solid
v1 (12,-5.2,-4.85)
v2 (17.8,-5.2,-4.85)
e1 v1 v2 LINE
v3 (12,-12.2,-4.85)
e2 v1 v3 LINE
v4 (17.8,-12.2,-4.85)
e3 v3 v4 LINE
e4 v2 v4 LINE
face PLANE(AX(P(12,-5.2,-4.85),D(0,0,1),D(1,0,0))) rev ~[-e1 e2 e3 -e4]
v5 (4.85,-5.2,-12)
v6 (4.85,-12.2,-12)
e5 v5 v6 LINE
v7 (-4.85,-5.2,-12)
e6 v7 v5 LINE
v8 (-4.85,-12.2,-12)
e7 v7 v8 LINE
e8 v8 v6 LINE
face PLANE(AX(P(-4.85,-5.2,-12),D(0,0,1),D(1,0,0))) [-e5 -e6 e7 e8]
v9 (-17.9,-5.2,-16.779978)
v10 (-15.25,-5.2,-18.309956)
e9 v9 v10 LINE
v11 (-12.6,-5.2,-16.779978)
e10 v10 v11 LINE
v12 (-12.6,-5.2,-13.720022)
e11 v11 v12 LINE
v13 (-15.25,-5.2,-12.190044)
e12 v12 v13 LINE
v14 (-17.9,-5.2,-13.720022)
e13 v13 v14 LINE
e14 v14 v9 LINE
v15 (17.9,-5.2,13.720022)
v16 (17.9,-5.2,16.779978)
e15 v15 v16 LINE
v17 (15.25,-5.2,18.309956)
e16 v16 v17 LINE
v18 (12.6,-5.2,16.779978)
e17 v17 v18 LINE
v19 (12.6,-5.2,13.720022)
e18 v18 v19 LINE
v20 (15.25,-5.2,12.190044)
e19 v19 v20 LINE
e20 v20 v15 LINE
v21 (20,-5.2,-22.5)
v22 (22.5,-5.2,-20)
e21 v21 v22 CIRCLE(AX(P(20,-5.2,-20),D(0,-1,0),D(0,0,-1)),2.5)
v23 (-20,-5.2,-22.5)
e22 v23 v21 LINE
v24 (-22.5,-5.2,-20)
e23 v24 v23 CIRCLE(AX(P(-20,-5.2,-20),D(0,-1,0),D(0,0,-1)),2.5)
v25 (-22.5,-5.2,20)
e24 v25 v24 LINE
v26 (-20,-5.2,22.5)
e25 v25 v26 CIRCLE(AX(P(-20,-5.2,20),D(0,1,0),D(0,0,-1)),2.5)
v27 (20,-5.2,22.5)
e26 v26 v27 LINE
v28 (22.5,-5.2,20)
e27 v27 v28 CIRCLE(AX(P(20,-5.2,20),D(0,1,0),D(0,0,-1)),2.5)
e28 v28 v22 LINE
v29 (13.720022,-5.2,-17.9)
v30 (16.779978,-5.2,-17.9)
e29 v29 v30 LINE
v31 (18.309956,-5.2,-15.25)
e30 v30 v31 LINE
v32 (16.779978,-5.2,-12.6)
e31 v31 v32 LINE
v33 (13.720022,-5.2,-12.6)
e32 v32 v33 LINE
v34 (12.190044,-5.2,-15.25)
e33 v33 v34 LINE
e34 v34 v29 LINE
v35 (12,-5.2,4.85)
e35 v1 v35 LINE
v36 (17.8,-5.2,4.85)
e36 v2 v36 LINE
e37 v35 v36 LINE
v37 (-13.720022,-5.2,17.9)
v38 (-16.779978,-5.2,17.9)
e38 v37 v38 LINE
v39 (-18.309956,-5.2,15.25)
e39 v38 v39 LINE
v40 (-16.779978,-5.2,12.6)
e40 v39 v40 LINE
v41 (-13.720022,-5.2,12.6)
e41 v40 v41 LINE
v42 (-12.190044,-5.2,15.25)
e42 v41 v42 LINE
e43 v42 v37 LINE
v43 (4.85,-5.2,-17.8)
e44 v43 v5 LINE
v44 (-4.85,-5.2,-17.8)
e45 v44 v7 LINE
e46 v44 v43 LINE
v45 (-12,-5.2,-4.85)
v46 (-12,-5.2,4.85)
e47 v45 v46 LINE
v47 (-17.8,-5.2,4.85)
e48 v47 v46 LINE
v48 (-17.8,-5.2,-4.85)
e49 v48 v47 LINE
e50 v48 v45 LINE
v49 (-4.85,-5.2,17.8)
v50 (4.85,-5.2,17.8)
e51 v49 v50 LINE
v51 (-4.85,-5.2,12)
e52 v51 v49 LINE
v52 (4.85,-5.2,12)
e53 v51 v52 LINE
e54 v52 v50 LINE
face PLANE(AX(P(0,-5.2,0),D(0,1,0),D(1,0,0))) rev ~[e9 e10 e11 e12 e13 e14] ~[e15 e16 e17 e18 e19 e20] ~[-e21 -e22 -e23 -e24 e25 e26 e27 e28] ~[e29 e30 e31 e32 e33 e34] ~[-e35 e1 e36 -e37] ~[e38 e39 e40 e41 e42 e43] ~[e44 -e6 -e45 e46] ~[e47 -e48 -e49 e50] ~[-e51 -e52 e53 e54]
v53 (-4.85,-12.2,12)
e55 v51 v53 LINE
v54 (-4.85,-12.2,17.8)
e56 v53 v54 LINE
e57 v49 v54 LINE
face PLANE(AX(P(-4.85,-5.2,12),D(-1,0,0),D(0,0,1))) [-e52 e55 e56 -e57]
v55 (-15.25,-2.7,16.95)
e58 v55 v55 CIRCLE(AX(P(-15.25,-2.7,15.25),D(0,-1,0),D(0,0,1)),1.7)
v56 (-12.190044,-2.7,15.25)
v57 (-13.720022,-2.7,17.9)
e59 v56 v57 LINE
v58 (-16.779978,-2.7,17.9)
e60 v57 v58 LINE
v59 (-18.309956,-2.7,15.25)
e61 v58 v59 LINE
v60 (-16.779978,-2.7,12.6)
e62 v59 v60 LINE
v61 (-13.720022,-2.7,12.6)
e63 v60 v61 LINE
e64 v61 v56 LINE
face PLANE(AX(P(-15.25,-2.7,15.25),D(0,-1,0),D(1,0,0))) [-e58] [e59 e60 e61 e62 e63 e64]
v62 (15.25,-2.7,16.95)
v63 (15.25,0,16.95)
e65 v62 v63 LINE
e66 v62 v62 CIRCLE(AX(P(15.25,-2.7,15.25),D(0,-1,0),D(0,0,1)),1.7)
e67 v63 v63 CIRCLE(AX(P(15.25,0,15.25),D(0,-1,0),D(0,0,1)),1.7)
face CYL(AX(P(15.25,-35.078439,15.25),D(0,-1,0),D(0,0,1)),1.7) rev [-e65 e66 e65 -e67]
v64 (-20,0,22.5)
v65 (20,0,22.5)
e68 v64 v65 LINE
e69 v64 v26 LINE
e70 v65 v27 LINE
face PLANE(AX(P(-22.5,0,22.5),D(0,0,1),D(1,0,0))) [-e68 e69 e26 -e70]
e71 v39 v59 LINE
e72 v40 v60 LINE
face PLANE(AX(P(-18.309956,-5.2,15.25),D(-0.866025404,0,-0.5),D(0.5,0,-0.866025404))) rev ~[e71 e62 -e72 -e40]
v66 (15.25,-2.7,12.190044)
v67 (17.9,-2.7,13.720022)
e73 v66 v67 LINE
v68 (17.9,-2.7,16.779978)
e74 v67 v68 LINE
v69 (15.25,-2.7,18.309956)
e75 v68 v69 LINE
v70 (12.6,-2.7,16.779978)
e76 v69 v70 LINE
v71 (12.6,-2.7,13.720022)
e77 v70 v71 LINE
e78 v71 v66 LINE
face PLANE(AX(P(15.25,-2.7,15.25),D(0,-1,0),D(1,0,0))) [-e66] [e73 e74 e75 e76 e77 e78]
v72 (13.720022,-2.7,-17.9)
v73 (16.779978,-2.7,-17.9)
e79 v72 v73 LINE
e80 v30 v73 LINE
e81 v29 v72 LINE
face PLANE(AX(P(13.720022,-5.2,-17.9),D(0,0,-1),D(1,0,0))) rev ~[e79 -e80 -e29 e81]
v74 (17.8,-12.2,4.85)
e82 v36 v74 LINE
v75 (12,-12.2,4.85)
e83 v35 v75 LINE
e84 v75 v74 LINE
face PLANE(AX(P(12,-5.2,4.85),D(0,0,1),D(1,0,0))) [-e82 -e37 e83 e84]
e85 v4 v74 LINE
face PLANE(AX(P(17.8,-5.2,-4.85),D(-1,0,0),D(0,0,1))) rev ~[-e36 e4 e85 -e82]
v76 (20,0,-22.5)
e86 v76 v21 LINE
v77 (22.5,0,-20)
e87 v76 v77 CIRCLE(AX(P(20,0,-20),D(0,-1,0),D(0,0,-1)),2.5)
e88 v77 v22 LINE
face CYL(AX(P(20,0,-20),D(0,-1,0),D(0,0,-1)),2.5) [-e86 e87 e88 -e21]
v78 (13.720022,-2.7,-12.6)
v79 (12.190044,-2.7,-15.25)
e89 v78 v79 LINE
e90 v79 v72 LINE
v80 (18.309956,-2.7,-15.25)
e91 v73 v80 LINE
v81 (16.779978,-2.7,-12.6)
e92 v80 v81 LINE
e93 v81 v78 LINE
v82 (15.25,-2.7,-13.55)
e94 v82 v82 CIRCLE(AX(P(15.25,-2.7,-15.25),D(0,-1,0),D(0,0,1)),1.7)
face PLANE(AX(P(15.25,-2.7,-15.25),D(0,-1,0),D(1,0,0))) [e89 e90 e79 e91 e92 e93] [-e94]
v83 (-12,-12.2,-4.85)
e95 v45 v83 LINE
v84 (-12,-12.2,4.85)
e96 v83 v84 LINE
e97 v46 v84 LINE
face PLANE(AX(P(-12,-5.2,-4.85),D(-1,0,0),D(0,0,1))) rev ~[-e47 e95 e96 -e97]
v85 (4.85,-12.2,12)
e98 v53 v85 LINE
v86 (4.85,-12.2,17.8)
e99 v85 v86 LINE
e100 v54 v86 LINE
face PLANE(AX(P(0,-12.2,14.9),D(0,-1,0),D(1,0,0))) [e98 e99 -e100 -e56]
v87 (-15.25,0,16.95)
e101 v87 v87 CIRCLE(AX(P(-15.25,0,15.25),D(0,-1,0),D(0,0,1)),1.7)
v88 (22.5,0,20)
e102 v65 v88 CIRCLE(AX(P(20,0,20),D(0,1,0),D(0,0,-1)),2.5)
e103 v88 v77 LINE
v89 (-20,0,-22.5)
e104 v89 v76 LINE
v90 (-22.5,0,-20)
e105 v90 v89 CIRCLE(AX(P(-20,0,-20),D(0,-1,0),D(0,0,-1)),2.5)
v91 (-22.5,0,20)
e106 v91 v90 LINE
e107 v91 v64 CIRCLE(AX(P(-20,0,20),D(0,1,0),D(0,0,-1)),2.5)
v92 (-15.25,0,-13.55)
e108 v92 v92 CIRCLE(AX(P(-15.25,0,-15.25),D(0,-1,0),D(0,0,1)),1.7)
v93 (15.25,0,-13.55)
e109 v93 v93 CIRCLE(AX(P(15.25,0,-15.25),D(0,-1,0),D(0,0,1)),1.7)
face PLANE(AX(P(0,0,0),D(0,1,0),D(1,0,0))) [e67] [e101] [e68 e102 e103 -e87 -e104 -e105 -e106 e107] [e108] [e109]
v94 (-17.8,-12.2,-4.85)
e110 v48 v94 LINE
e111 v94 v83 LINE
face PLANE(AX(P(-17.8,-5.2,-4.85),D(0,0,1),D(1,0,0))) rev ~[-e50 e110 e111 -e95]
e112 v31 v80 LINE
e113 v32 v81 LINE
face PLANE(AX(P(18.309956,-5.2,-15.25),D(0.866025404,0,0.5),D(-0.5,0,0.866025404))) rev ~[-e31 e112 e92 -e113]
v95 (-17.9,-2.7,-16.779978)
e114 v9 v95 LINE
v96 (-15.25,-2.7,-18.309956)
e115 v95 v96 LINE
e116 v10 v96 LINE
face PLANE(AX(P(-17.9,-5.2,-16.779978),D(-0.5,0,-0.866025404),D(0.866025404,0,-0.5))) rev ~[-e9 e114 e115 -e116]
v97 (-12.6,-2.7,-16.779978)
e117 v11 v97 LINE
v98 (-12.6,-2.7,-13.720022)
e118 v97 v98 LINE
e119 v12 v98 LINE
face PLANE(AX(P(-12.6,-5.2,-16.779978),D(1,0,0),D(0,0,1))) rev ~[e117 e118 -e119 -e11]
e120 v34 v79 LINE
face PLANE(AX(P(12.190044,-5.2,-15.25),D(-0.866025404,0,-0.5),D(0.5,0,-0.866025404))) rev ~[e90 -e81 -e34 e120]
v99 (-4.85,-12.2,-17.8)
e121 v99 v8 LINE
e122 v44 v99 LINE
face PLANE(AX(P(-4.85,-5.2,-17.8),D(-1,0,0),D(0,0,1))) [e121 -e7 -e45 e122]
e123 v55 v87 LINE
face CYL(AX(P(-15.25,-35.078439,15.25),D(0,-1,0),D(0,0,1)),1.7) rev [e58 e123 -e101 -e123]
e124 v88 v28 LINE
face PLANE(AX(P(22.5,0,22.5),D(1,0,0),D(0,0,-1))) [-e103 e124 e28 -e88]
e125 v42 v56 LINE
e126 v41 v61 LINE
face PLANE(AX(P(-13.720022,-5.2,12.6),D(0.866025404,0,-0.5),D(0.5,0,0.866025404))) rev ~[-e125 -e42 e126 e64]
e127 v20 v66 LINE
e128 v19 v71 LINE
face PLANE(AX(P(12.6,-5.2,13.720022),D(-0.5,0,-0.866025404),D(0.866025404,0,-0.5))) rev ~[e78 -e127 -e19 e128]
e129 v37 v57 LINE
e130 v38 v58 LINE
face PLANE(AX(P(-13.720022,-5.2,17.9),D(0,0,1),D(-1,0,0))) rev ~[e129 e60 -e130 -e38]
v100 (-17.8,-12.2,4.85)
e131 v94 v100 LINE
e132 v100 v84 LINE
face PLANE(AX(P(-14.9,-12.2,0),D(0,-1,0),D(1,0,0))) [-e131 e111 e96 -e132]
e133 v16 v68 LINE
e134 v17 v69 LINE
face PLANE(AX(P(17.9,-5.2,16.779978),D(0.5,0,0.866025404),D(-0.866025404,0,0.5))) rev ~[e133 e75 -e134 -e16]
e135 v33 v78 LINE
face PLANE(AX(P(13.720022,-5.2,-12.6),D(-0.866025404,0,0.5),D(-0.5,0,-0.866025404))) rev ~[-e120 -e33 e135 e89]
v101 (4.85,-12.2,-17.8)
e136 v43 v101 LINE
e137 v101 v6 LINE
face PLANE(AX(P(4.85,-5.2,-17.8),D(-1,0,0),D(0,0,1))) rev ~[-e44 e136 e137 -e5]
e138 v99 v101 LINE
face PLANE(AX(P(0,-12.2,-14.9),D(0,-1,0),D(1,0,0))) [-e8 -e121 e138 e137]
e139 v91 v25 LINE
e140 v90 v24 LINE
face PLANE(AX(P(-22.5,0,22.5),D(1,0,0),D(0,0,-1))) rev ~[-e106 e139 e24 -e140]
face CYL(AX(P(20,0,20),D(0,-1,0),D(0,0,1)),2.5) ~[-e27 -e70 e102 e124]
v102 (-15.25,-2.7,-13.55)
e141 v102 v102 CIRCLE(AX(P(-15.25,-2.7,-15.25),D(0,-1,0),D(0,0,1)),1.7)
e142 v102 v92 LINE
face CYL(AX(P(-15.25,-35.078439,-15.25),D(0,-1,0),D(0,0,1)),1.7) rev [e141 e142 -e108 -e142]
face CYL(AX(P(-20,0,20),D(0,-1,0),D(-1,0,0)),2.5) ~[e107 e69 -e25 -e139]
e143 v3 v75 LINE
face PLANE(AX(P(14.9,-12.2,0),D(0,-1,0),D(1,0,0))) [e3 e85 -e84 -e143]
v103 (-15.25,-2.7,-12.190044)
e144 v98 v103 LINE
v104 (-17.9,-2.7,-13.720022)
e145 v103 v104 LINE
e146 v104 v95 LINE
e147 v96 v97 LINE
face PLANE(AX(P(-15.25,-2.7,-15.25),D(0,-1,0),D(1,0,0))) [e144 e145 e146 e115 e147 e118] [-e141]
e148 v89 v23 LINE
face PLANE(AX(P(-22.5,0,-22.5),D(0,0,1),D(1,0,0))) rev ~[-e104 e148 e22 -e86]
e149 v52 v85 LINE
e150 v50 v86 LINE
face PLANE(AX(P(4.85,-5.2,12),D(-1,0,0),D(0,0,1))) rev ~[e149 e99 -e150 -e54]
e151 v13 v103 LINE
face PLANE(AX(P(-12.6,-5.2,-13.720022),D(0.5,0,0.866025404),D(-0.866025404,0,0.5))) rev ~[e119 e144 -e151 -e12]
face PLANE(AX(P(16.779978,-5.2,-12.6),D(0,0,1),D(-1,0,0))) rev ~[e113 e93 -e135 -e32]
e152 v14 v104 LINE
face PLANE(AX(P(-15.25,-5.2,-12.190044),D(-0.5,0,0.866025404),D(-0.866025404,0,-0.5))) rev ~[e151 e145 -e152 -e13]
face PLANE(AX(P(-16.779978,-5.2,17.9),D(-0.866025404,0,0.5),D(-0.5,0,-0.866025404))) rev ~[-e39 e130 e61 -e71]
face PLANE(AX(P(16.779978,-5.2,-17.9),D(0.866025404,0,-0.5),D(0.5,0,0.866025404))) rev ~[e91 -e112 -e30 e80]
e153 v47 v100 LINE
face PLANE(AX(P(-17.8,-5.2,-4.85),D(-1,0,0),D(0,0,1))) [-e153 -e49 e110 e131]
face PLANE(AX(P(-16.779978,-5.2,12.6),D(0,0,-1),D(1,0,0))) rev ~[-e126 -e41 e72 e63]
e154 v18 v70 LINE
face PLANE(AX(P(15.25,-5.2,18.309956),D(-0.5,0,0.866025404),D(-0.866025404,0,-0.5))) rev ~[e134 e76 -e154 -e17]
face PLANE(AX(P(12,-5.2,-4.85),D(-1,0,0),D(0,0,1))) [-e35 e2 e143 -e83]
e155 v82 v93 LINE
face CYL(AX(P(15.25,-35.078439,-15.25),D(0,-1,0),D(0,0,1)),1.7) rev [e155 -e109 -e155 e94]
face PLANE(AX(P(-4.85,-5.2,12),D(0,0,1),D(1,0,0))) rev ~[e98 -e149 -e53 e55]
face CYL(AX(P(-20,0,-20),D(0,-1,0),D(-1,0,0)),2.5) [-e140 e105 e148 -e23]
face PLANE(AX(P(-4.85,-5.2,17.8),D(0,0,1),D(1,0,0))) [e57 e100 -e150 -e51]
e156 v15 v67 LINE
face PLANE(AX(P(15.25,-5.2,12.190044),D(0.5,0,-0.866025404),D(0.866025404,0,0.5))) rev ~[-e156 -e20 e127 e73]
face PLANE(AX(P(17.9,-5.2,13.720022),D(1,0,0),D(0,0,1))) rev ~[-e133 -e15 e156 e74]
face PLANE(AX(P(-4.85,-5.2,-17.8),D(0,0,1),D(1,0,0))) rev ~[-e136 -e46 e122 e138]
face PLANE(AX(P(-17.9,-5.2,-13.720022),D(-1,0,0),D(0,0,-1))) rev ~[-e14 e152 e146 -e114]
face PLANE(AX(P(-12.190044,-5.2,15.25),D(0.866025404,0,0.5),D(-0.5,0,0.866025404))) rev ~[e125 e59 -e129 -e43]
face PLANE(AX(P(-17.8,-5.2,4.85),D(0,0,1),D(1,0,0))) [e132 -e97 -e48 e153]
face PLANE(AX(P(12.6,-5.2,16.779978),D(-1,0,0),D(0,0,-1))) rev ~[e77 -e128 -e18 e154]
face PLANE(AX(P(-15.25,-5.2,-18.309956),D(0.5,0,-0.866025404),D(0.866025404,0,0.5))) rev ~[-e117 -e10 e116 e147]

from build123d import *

# Parameters (mm, degrees)
SKETCH1_W               = 45
SKETCH1_H               = 45
BOSS_EXTRUDE1_DEPTH     = 5.2
SKETCH2_W               = 9.7
SKETCH2_H               = 5.8
SKETCH2_W_2             = 5.8
SKETCH2_H_2             = 9.7
BOSS_EXTRUDE2_DEPTH     = 7
CUT_EXTRUDE1_DEPTH      = 35.078438931
CUT_EXTRUDE1_DEPTH_BACK = 35.078438931
SKETCH3_R               = 1.7
CUT_EXTRUDE2_DEPTH      = 2.5
FILLET1_R               = 2.5


with BuildPart() as part:
    # Sketch1 → Boss-Extrude1 (new body)
    with BuildSketch(Plane(origin=(0, 0, 0), x_dir=(1, 0, 0), z_dir=(0, 1, 0))):
        Rectangle(SKETCH1_W, SKETCH1_H)
    extrude(amount=-BOSS_EXTRUDE1_DEPTH)

    # Sketch2 → Boss-Extrude2 (add)
    with BuildSketch(Plane.XZ.offset(5.2)):
        with Locations((0, 14.9)):
            Rectangle(SKETCH2_W, SKETCH2_H)
        with Locations((-14.9, 0)):
            Rectangle(SKETCH2_W_2, SKETCH2_H_2)
        with Locations((14.9, 0)):
            Rectangle(SKETCH2_W_2, SKETCH2_H_2)
        with Locations((0, -14.9)):
            Rectangle(SKETCH2_W, SKETCH2_H)
    extrude(amount=BOSS_EXTRUDE2_DEPTH)

    # Sketch3 → Cut-Extrude1 (cut, two sides: drawn at the far end of the back side and taken through both)
    with BuildSketch(Plane(origin=(0, 0, 0), x_dir=(1, 0, 0), z_dir=(0, 1, 0)).offset(-CUT_EXTRUDE1_DEPTH_BACK)):
        with Locations(Location((-15.25, 15.25, 0), (0, 0, 270))):
            Circle(SKETCH3_R)
        with Locations(Location((15.25, 15.25, 0), (0, 0, 270))):
            Circle(SKETCH3_R)
        with Locations(Location((-15.25, -15.25, 0), (0, 0, 270))):
            Circle(SKETCH3_R)
        with Locations(Location((15.25, -15.25, 0), (0, 0, 270))):
            Circle(SKETCH3_R)
    extrude(amount=CUT_EXTRUDE1_DEPTH + CUT_EXTRUDE1_DEPTH_BACK, mode=Mode.SUBTRACT)

    # Sketch4 → Cut-Extrude2 (cut)
    with BuildSketch(Plane.XZ.offset(5.2)):
        Polygon((12.6, 13.720021787), (15.25, 12.190043573), (17.9, 13.720021787), (17.9, 16.779978213), (15.25, 18.309956427), (12.6, 16.779978213), align=None)
        Polygon((-13.720021787, 12.6), (-12.190043573, 15.25), (-13.720021787, 17.9), (-16.779978213, 17.9), (-18.309956427, 15.25), (-16.779978213, 12.6), align=None)
        Polygon((13.720021787, -12.6), (12.190043573, -15.25), (13.720021787, -17.9), (16.779978213, -17.9), (18.309956427, -15.25), (16.779978213, -12.6), align=None)
        Polygon((-12.6, -13.720021787), (-15.25, -12.190043573), (-17.9, -13.720021787), (-17.9, -16.779978213), (-15.25, -18.309956427), (-12.6, -16.779978213), align=None)
    extrude(amount=-CUT_EXTRUDE2_DEPTH, mode=Mode.SUBTRACT)

    # Fillet1
    fillet1_edges = [part.edges().sort_by_distance(p)[0] for p in [
        (22.5, -2.6, 22.5),
        (-22.5, -2.6, 22.5),
        (-22.5, -2.6, -22.5),
        (22.5, -2.6, -22.5),
    ]]
    fillet(fillet1_edges, radius=FILLET1_R)


solid = part.part
